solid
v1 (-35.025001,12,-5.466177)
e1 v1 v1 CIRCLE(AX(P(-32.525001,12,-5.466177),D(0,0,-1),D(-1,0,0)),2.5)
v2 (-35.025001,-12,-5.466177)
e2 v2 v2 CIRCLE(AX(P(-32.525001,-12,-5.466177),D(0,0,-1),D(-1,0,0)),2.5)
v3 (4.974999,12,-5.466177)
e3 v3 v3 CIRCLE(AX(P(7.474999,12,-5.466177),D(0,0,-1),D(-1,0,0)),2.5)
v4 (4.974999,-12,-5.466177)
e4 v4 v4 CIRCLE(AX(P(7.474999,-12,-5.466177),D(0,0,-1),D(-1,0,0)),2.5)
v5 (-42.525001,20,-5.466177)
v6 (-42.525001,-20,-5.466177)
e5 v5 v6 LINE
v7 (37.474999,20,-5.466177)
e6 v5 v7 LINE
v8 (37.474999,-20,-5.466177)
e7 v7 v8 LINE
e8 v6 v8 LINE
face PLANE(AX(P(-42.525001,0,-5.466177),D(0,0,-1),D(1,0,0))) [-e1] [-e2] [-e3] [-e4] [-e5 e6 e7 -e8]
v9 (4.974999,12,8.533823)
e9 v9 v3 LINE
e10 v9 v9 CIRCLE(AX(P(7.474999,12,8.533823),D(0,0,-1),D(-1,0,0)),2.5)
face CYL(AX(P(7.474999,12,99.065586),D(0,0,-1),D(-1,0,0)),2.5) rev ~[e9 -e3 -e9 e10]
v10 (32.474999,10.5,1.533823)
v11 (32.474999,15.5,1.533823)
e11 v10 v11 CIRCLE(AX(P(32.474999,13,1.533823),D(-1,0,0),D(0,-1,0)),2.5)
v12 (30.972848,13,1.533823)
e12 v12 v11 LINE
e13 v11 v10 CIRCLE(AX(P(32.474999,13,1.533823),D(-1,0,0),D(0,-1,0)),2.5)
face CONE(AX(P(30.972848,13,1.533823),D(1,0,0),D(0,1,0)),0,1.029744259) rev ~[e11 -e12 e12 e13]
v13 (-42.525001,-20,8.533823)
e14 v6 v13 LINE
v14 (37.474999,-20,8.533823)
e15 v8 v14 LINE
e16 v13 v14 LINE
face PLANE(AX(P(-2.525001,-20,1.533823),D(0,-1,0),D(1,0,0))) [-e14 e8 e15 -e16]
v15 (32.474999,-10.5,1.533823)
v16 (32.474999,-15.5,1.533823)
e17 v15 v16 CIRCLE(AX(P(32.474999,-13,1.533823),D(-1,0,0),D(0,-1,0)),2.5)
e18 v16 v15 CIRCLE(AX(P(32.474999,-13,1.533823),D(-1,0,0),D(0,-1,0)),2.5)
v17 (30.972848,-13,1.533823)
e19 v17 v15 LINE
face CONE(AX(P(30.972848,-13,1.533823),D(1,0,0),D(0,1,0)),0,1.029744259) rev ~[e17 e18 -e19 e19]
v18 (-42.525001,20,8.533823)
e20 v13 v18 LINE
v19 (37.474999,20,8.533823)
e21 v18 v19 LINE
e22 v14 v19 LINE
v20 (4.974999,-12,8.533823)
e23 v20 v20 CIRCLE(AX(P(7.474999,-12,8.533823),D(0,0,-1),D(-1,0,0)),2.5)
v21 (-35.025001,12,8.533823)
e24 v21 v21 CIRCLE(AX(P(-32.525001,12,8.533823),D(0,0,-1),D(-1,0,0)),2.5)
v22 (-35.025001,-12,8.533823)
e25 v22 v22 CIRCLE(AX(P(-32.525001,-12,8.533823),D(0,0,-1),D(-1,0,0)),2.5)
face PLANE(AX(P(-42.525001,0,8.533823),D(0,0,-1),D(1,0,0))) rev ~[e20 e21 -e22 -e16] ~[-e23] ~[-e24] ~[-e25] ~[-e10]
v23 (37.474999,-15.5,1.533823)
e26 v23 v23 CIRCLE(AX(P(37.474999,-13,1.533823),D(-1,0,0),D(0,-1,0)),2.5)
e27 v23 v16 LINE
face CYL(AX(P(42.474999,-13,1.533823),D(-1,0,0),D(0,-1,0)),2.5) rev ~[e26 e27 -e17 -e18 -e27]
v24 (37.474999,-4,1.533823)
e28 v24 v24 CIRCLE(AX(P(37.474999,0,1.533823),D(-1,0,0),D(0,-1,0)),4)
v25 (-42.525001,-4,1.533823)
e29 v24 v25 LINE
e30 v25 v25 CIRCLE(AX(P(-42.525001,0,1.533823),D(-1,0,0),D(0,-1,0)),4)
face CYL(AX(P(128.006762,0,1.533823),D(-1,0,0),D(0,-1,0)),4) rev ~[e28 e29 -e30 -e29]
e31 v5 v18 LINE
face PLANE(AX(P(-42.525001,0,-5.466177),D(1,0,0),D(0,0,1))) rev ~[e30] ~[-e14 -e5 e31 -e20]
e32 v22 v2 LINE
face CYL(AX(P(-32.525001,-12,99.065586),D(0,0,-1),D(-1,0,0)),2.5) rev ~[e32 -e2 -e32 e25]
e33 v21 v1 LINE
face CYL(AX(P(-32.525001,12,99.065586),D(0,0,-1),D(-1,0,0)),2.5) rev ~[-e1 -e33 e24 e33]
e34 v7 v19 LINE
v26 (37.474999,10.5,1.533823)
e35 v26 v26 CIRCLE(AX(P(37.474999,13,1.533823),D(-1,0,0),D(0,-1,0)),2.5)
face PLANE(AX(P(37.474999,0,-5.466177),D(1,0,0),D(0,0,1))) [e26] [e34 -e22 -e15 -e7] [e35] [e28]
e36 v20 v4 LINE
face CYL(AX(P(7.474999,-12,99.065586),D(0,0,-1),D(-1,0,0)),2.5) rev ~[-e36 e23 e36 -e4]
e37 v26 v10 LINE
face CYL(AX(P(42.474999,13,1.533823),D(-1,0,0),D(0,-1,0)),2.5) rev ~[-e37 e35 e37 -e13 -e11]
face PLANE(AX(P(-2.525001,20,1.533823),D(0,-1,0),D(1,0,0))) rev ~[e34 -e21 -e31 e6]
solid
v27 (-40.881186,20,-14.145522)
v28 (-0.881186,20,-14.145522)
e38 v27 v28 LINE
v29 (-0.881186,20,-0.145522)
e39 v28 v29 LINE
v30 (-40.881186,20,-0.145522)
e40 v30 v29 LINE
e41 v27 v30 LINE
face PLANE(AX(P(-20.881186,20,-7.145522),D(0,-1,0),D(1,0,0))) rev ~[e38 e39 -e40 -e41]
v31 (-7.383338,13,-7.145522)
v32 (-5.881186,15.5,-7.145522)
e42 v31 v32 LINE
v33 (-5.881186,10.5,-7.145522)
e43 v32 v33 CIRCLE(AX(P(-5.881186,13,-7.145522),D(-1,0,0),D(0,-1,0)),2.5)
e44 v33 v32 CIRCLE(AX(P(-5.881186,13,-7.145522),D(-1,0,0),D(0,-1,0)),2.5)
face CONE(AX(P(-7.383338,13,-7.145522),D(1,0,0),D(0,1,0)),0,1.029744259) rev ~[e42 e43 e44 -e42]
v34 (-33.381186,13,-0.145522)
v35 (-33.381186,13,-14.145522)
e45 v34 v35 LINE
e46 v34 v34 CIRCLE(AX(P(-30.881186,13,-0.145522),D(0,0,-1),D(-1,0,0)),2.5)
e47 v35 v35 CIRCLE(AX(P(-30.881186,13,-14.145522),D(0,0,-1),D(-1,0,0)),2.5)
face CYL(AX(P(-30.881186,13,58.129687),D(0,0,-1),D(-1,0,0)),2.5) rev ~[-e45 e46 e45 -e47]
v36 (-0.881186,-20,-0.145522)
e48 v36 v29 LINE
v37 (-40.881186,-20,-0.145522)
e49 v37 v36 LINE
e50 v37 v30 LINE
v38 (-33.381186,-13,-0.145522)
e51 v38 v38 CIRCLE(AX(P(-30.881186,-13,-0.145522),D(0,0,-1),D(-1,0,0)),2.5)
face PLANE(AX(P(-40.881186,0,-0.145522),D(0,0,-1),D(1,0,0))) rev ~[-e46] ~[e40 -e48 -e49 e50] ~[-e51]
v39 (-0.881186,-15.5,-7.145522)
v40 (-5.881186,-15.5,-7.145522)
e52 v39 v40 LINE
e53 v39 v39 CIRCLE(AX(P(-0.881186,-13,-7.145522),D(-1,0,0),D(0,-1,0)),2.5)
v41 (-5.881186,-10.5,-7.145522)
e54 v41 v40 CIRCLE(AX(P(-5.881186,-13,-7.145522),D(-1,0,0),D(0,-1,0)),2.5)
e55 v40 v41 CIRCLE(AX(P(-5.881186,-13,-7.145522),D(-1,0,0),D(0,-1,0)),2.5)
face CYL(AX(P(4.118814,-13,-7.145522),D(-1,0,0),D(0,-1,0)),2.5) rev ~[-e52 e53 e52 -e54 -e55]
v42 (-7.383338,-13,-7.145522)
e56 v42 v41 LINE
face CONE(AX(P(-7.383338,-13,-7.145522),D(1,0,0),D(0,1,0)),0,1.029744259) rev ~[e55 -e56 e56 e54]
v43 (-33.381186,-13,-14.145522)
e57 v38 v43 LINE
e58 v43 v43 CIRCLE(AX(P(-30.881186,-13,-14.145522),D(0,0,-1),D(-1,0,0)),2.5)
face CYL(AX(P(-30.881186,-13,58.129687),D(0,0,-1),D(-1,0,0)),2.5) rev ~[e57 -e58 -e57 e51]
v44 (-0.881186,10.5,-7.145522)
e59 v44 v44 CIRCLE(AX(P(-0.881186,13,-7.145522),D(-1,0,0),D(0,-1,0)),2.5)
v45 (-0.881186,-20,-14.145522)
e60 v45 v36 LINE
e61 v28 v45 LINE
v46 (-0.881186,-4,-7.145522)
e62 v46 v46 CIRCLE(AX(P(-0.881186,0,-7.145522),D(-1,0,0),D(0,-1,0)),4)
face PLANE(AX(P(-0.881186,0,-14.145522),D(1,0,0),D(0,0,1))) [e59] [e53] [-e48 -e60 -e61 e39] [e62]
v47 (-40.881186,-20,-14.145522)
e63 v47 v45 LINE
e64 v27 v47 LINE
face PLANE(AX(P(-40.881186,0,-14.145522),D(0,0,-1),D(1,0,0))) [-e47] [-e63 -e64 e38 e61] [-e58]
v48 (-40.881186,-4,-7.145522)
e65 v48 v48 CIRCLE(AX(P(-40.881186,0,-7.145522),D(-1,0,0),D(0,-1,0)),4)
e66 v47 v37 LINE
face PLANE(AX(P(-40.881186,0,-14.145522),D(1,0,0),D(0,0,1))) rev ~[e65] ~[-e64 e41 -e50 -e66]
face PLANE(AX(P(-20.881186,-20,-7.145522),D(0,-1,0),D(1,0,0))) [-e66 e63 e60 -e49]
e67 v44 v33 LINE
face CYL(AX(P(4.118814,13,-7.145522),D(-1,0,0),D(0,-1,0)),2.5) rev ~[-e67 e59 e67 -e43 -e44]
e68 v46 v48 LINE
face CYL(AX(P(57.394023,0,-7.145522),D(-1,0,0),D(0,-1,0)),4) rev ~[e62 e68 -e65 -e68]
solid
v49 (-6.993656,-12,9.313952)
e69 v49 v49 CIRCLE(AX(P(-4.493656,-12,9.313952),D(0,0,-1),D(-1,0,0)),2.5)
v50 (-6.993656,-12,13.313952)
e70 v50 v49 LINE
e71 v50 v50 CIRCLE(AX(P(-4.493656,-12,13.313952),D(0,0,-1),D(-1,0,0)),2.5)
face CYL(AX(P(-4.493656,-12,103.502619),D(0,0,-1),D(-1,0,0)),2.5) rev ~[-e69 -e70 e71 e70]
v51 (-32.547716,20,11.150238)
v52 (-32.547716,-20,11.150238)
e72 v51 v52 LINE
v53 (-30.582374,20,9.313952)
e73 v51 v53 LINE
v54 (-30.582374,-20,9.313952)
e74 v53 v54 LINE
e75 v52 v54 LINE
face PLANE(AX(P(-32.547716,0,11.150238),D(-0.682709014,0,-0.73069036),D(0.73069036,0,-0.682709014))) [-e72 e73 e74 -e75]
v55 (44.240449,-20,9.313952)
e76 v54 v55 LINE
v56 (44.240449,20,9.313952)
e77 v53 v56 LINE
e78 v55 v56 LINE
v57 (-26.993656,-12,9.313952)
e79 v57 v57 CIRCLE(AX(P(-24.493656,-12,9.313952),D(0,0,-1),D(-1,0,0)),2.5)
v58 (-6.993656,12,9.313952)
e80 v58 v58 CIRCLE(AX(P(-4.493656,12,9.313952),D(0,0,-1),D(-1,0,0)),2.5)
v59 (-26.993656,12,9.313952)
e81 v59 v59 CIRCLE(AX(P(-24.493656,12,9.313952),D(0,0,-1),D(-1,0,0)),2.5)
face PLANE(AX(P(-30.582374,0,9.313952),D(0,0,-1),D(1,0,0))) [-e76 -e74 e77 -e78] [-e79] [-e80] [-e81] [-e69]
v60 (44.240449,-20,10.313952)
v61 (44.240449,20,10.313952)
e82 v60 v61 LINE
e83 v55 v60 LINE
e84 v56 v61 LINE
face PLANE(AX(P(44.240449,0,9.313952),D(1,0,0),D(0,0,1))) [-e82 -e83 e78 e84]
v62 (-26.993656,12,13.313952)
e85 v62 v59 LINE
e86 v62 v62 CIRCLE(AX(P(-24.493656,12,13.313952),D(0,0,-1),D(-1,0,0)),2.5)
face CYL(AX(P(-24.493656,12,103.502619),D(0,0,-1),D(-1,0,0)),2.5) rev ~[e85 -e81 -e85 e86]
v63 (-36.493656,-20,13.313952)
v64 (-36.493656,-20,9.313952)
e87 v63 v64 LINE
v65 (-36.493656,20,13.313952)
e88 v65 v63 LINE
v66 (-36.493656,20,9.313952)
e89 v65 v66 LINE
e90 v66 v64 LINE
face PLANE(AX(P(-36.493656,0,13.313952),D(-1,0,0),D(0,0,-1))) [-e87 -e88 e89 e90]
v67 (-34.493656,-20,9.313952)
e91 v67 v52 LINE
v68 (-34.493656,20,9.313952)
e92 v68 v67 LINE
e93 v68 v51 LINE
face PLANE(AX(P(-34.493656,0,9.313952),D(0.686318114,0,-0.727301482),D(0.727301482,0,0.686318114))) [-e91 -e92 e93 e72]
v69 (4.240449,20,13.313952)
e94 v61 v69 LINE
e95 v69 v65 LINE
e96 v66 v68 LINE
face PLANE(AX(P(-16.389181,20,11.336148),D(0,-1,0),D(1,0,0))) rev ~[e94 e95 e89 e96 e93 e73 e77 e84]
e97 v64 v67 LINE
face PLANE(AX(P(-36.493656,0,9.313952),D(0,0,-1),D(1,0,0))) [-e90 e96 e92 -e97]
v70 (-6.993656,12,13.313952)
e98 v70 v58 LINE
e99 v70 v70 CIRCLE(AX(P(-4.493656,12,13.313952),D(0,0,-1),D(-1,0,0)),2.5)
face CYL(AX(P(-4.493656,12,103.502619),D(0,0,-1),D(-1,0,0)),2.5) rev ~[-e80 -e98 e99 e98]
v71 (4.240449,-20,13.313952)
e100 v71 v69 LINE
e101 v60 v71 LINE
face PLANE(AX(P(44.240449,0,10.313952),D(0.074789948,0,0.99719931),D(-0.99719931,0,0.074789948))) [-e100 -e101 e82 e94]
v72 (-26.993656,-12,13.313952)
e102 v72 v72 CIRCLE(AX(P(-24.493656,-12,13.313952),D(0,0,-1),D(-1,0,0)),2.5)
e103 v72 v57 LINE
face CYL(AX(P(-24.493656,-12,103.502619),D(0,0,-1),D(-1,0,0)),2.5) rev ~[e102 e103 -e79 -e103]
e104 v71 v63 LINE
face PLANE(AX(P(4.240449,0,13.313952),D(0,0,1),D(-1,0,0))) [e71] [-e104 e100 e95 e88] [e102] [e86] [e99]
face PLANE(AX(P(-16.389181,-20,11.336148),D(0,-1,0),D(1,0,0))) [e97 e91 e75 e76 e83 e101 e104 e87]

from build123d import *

# Parameters (mm, degrees)
F1_DEPTH  = 20
F3_D      = 5
F4_W      = 40
F4_H      = 14
F5_DEPTH  = 20
F7_D      = 5
F9_D      = 8
F10_W     = 80
F10_H     = 14
F11_DEPTH = 20
F13_D     = 5
F15_D     = 8
F17_D     = 5
F17_DEPTH = 5
F17_TIP   = 1.5021515476
F19_D     = 5
F19_DEPTH = 5
F19_TIP   = 1.5021515476


with BuildPart() as f1:
    # F0 (on Front) → F1 (new body, symmetric)
    with BuildSketch(Plane.XZ):
        Polygon((4.2404492051, 13.3139517168), (-36.4936559652, 13.3139517168), (-36.4936559652, 9.3139517168), (-34.4936559652, 9.3139517168), (-32.5477160513, 11.1502381042), (-30.5823739618, 9.3139517168), (4.2404492051, 9.3139517168), align=None)
        Polygon((44.2404492051, 10.3139517168), (4.2404492051, 13.3139517168), (4.2404492051, 9.3139517168), (44.2404492051, 9.3139517168), align=None)
    extrude(amount=F1_DEPTH, both=True)

    # F3 (through all)
    with Locations(Plane.XY.offset(13.3139517168)):
        with Locations((-24.4936559652, 12), (-4.4936559652, 12), (-24.4936559652, -12), (-4.4936559652, -12)):
            Hole(F3_D / 2)


with BuildPart() as f5:
    # F4 (on Front) → F5 (new body, symmetric)
    with BuildSketch(Plane.XZ):
        with Locations((-20.8811860066, -7.1455224962)):
            Rectangle(F4_W, F4_H)
    extrude(amount=F5_DEPTH, both=True)

    # F7 (through all)
    with Locations(Plane.XY.offset(-0.1455224962)):
        with Locations((-30.8811860066, 13), (-30.8811860066, -13)):
            Hole(F7_D / 2)

    # F9 (through all)
    with Locations(Plane.YZ.offset(-0.8811860066)):
        with Locations((0, -7.1455224962)):
            Hole(F9_D / 2)

    # F17
    with Locations(Plane.YZ.offset(-0.8811860066)):
        with Locations((-13, -7.1455224962), (13, -7.1455224962)):
            Hole(F17_D / 2, depth=F17_DEPTH)
            with Locations((0, 0, -(F17_DEPTH + F17_TIP / 2))):  # 118° drill point
                Cone(0, F17_D / 2, F17_TIP, mode=Mode.SUBTRACT)


with BuildPart() as f11:
    # F10 (on Front) → F11 (new body, symmetric)
    with BuildSketch(Plane.XZ):
        with Locations((-2.5250008702, 1.5338233374)):
            Rectangle(F10_W, F10_H)
    extrude(amount=F11_DEPTH, both=True)

    # F13 (through all)
    with Locations(Plane.XY.offset(8.5338233374)):
        with Locations((-32.5250008702, 12), (-32.5250008702, -12), (7.4749991298, -12), (7.4749991298, 12)):
            Hole(F13_D / 2)

    # F15 (through all)
    with Locations(Plane.YZ.offset(37.4749991298)):
        with Locations((0, 1.5338233374)):
            Hole(F15_D / 2)

    # F19
    with Locations(Plane.YZ.offset(37.4749991298)):
        with Locations((-13, 1.5338233374), (13, 1.5338233374)):
            Hole(F19_D / 2, depth=F19_DEPTH)
            with Locations((0, 0, -(F19_DEPTH + F19_TIP / 2))):  # 118° drill point
                Cone(0, F19_D / 2, F19_TIP, mode=Mode.SUBTRACT)


solid = Compound([f1.part, f5.part, f11.part])
